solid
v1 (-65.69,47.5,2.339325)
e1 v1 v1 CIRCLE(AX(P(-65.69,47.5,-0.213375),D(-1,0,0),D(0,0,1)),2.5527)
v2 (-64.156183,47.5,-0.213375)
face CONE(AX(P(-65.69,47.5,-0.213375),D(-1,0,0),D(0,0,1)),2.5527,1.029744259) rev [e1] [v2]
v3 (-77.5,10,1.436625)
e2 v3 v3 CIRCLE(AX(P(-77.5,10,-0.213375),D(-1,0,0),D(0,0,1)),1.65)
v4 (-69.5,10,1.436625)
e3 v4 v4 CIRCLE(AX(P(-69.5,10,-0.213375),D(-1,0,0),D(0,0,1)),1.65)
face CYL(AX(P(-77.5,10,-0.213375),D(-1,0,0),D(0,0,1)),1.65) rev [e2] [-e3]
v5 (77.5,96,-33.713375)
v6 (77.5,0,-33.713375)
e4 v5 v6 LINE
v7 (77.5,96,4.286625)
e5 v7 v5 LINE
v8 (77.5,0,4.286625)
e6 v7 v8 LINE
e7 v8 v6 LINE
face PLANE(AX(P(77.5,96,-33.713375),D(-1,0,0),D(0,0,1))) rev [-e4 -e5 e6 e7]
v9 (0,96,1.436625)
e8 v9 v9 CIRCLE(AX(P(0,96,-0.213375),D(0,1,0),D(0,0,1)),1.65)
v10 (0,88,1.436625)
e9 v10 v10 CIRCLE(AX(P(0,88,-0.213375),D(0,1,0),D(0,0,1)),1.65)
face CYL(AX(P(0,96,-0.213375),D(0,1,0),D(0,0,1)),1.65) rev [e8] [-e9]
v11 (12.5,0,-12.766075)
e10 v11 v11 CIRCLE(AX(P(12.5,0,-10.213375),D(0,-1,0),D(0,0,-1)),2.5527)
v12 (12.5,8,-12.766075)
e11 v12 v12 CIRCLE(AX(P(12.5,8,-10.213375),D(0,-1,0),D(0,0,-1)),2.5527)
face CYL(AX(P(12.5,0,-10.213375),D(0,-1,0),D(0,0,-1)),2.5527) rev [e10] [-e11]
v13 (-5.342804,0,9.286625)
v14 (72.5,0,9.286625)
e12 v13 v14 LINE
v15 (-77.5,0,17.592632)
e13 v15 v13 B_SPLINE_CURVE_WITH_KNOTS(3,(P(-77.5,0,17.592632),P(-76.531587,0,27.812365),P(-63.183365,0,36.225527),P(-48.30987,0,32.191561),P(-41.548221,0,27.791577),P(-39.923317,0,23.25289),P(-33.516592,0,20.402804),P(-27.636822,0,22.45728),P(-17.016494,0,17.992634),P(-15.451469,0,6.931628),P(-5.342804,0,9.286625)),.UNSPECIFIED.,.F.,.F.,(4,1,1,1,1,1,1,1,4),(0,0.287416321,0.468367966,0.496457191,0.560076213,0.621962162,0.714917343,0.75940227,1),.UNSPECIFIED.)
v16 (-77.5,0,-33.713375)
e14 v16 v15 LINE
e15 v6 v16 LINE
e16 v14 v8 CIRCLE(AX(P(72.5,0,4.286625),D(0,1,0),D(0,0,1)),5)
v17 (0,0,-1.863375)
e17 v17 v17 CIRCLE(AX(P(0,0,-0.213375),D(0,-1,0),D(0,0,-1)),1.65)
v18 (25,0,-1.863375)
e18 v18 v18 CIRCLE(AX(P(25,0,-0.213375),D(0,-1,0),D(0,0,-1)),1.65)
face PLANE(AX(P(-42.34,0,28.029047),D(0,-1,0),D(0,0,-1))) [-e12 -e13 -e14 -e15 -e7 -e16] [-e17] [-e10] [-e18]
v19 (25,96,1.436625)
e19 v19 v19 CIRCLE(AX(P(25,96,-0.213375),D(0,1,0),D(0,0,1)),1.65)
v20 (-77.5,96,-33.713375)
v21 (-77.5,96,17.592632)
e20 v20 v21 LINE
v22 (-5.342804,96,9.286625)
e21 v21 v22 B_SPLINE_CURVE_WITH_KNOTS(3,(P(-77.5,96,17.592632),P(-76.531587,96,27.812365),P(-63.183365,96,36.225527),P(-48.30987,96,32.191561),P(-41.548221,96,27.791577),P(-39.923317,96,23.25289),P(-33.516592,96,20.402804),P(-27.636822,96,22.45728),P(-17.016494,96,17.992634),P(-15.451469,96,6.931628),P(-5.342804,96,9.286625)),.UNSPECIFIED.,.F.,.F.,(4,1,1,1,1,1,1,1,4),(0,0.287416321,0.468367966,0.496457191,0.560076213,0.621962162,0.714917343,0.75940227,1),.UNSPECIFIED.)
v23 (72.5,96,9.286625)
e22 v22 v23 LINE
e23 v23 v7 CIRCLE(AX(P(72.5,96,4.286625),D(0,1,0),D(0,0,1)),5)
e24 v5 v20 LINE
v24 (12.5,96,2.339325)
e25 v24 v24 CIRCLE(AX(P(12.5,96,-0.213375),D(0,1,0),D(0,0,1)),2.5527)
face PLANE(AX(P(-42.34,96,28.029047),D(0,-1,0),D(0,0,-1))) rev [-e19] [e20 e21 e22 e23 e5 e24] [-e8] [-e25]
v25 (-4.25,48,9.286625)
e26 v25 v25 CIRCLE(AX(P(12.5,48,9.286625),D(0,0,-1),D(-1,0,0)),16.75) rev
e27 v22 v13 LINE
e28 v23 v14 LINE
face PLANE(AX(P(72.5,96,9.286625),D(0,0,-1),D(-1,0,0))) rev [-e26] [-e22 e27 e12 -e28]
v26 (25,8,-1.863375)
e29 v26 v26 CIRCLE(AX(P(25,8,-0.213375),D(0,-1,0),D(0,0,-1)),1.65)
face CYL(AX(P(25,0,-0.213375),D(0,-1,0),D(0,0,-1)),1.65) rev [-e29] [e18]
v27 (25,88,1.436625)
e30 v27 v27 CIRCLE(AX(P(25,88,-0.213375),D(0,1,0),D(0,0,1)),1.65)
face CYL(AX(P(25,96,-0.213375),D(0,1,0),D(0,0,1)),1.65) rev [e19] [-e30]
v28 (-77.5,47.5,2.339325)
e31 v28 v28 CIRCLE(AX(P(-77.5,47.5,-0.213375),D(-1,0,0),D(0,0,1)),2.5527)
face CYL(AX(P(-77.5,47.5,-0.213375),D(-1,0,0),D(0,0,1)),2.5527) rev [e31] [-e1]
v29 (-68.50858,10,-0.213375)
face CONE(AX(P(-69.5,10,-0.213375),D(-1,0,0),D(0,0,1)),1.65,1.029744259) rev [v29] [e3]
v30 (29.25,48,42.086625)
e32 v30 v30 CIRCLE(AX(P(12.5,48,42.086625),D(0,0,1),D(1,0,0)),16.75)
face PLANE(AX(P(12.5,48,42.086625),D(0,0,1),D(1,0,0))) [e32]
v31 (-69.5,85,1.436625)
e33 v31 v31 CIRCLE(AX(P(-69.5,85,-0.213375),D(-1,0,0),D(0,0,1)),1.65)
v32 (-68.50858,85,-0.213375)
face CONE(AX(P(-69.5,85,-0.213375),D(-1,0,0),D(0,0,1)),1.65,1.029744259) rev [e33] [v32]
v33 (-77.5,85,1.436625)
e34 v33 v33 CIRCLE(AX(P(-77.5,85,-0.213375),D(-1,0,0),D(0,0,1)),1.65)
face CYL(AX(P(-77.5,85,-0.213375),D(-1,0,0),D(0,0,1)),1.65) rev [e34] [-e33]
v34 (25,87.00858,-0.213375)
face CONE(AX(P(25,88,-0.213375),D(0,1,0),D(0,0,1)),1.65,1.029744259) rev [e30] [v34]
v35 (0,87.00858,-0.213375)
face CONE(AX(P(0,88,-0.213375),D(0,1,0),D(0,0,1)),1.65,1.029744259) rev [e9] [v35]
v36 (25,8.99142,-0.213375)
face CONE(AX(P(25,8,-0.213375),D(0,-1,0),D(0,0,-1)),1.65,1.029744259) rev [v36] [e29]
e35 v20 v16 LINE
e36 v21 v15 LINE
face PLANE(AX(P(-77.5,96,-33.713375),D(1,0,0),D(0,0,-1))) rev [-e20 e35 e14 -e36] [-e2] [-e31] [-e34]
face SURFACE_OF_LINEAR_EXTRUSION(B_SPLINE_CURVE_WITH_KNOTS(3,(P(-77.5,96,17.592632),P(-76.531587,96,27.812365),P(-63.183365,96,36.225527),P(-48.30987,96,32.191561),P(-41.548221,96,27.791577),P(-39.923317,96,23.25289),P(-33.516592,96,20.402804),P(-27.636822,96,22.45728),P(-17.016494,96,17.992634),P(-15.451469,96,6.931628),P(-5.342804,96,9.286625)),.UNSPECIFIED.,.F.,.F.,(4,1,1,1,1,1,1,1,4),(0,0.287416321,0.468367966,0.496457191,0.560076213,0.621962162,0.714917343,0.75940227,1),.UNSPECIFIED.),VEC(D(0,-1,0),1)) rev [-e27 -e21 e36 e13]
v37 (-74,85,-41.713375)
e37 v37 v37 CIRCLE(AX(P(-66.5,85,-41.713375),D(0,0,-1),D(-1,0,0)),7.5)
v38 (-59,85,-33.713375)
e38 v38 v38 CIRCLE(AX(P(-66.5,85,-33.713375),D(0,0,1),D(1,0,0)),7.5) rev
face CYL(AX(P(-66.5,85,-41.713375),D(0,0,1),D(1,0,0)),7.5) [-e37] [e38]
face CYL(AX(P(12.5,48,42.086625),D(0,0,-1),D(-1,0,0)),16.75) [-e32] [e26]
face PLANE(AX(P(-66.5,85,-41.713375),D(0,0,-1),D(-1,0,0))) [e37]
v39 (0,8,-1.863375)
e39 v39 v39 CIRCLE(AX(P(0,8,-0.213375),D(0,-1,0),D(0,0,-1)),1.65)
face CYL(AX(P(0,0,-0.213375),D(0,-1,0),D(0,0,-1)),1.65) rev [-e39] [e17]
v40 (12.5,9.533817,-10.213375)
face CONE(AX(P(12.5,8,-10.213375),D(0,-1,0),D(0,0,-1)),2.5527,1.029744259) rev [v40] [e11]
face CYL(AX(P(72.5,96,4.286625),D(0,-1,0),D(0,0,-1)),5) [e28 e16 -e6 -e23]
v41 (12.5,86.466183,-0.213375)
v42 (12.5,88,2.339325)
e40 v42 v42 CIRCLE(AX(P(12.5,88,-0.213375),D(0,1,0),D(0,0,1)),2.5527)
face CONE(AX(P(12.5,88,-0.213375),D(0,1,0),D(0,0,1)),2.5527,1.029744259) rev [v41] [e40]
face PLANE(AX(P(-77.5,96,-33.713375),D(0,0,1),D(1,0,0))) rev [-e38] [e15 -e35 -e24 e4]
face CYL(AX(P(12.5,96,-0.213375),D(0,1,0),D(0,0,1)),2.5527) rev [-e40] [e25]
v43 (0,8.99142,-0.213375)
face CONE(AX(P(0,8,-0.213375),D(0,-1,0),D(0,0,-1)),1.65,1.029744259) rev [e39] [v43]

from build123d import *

# Parameters (mm, degrees)
BOSS_EXTRUDE2_DEPTH         = 96
F_1_4_20_TAPPED_HOLE1_D     = 5.1054
F_1_4_20_TAPPED_HOLE1_DEPTH = 11.81
F_1_4_20_TAPPED_HOLE1_TIP   = 1.533816902
M4X0_7_TAPPED_HOLE1_D       = 3.3
M4X0_7_TAPPED_HOLE1_DEPTH   = 8
M4X0_7_TAPPED_HOLE1_TIP     = 0.991420021
F_1_4_20_TAPPED_HOLE2_D     = 5.1054
F_1_4_20_TAPPED_HOLE2_DEPTH = 8
F_1_4_20_TAPPED_HOLE2_TIP   = 1.533816902
M4X0_7_TAPPED_HOLE2_D       = 3.3
M4X0_7_TAPPED_HOLE2_DEPTH   = 8
M4X0_7_TAPPED_HOLE2_TIP     = 0.991420021
F_1_4_20_TAPPED_HOLE3_D     = 5.1054
F_1_4_20_TAPPED_HOLE3_DEPTH = 8
F_1_4_20_TAPPED_HOLE3_TIP   = 1.533816902
M4X0_7_TAPPED_HOLE3_D       = 3.3
M4X0_7_TAPPED_HOLE3_DEPTH   = 8
M4X0_7_TAPPED_HOLE3_TIP     = 0.991420021
SKETCH18_R                  = 15
BOSS_EXTRUDE3_DEPTH         = 7
SKETCH19_R                  = 16.75
BOSS_EXTRUDE4_DEPTH         = 32.8
SKETCH21_R                  = 7.5
BOSS_EXTRUDE5_DEPTH         = 8


with BuildPart() as part:
    # Sketch3 → Boss-Extrude2 (new body)
    with BuildSketch(Plane(origin=(0, 0, 0), x_dir=(1, 0, 0), z_dir=(0, 1, 0))):
        with BuildLine():
            Line((-77.5, 33.713374541), (77.5, 33.713374541))
            Line((77.5, 33.713374541), (77.5, -4.286625459))
            ThreePointArc((77.5, -4.286625459), (76.035533906, -7.822159365), (72.5, -9.286625459))
            Line((72.5, -9.286625459), (-5.34280429, -9.286625459))
            add(Edge.make_bspline(
                [(-77.5, -17.592632334), (-76.531586921, -27.812364706), (-63.183365133, -36.225526643), (-48.309869967, -32.191560801), (-41.548221394, -27.791577279), (-39.923317307, -23.252890407), (-33.51659169, -20.402804079), (-27.636821931, -22.457279743), (-17.016494344, -17.99263357), (-15.451468691, -6.931628422), (-5.34280429, -9.286625459)],
                knots=[0, 0, 0, 0, 0.287416321, 0.468367966, 0.496457191, 0.560076213, 0.621962162, 0.714917343, 0.75940227, 1, 1, 1, 1], degree=3))
            Line((-77.5, -17.592632334), (-77.5, 33.713374541))
        make_face()
    extrude(amount=BOSS_EXTRUDE2_DEPTH)

    # 1/4-20 Tapped Hole1
    with Locations(Plane.ZY.offset(77.5)):
        with Locations((-0.213374541, 47.5)):
            Hole(F_1_4_20_TAPPED_HOLE1_D / 2, depth=F_1_4_20_TAPPED_HOLE1_DEPTH)
            with Locations((0, 0, -(F_1_4_20_TAPPED_HOLE1_DEPTH + F_1_4_20_TAPPED_HOLE1_TIP / 2))):  # 118° drill point
                Cone(0, F_1_4_20_TAPPED_HOLE1_D / 2, F_1_4_20_TAPPED_HOLE1_TIP, mode=Mode.SUBTRACT)

    # M4x0.7 Tapped Hole1
    with Locations(Plane.ZY.offset(77.5)):
        with Locations((-0.213374541, 85), (-0.213374541, 10)):
            Hole(M4X0_7_TAPPED_HOLE1_D / 2, depth=M4X0_7_TAPPED_HOLE1_DEPTH)
            with Locations((0, 0, -(M4X0_7_TAPPED_HOLE1_DEPTH + M4X0_7_TAPPED_HOLE1_TIP / 2))):  # 118° drill point
                Cone(0, M4X0_7_TAPPED_HOLE1_D / 2, M4X0_7_TAPPED_HOLE1_TIP, mode=Mode.SUBTRACT)

    # 1/4-20 Tapped Hole2
    with Locations(Plane(origin=(0, 0, 0), x_dir=(-1, 0, 0), z_dir=(0, -1, 0))):
        with Locations((-12.5, 10.213374541)):
            Hole(F_1_4_20_TAPPED_HOLE2_D / 2, depth=F_1_4_20_TAPPED_HOLE2_DEPTH)
            with Locations((0, 0, -(F_1_4_20_TAPPED_HOLE2_DEPTH + F_1_4_20_TAPPED_HOLE2_TIP / 2))):  # 118° drill point
                Cone(0, F_1_4_20_TAPPED_HOLE2_D / 2, F_1_4_20_TAPPED_HOLE2_TIP, mode=Mode.SUBTRACT)

    # M4x0.7 Tapped Hole2
    with Locations(Plane(origin=(0, 0, 0), x_dir=(-1, 0, 0), z_dir=(0, -1, 0))):
        with Locations((0, 0.213374541), (-25, 0.213374541)):
            Hole(M4X0_7_TAPPED_HOLE2_D / 2, depth=M4X0_7_TAPPED_HOLE2_DEPTH)
            with Locations((0, 0, -(M4X0_7_TAPPED_HOLE2_DEPTH + M4X0_7_TAPPED_HOLE2_TIP / 2))):  # 118° drill point
                Cone(0, M4X0_7_TAPPED_HOLE2_D / 2, M4X0_7_TAPPED_HOLE2_TIP, mode=Mode.SUBTRACT)

    # 1/4-20 Tapped Hole3
    with Locations(Plane(origin=(0, 96, 0), x_dir=(1, 0, 0), z_dir=(0, 1, 0))):
        with Locations((12.5, 0.213374541)):
            Hole(F_1_4_20_TAPPED_HOLE3_D / 2, depth=F_1_4_20_TAPPED_HOLE3_DEPTH)
            with Locations((0, 0, -(F_1_4_20_TAPPED_HOLE3_DEPTH + F_1_4_20_TAPPED_HOLE3_TIP / 2))):  # 118° drill point
                Cone(0, F_1_4_20_TAPPED_HOLE3_D / 2, F_1_4_20_TAPPED_HOLE3_TIP, mode=Mode.SUBTRACT)

    # M4x0.7 Tapped Hole3
    with Locations(Plane(origin=(0, 96, 0), x_dir=(1, 0, 0), z_dir=(0, 1, 0))):
        with Locations((25, 0.213374541), (0, 0.213374541)):
            Hole(M4X0_7_TAPPED_HOLE3_D / 2, depth=M4X0_7_TAPPED_HOLE3_DEPTH)
            with Locations((0, 0, -(M4X0_7_TAPPED_HOLE3_DEPTH + M4X0_7_TAPPED_HOLE3_TIP / 2))):  # 118° drill point
                Cone(0, M4X0_7_TAPPED_HOLE3_D / 2, M4X0_7_TAPPED_HOLE3_TIP, mode=Mode.SUBTRACT)

    # Sketch18 → Boss-Extrude3 (add)
    with BuildSketch(Plane.XY.offset(9.286625459)):
        with Locations(Location((12.5, 48, 0), (0, 0, 180))):
            Circle(SKETCH18_R)
    extrude(amount=BOSS_EXTRUDE3_DEPTH)

    # Sketch19 → Boss-Extrude4 (add)
    with BuildSketch(Plane.XY.offset(9.286625459)):
        with Locations(Location((12.5, 48, 0), (0, 0, 180))):
            Circle(SKETCH19_R)
    extrude(amount=BOSS_EXTRUDE4_DEPTH)

    # Sketch21 → Boss-Extrude5 (add)
    with BuildSketch(Plane(origin=(0, 0, -33.713374541), x_dir=(-1, 0, 0), z_dir=(0, 0, -1))):
        with Locations(Location((66.5, 85, 0), (0, 0, 180))):
            Circle(SKETCH21_R)
    extrude(amount=BOSS_EXTRUDE5_DEPTH)


solid = part.part
